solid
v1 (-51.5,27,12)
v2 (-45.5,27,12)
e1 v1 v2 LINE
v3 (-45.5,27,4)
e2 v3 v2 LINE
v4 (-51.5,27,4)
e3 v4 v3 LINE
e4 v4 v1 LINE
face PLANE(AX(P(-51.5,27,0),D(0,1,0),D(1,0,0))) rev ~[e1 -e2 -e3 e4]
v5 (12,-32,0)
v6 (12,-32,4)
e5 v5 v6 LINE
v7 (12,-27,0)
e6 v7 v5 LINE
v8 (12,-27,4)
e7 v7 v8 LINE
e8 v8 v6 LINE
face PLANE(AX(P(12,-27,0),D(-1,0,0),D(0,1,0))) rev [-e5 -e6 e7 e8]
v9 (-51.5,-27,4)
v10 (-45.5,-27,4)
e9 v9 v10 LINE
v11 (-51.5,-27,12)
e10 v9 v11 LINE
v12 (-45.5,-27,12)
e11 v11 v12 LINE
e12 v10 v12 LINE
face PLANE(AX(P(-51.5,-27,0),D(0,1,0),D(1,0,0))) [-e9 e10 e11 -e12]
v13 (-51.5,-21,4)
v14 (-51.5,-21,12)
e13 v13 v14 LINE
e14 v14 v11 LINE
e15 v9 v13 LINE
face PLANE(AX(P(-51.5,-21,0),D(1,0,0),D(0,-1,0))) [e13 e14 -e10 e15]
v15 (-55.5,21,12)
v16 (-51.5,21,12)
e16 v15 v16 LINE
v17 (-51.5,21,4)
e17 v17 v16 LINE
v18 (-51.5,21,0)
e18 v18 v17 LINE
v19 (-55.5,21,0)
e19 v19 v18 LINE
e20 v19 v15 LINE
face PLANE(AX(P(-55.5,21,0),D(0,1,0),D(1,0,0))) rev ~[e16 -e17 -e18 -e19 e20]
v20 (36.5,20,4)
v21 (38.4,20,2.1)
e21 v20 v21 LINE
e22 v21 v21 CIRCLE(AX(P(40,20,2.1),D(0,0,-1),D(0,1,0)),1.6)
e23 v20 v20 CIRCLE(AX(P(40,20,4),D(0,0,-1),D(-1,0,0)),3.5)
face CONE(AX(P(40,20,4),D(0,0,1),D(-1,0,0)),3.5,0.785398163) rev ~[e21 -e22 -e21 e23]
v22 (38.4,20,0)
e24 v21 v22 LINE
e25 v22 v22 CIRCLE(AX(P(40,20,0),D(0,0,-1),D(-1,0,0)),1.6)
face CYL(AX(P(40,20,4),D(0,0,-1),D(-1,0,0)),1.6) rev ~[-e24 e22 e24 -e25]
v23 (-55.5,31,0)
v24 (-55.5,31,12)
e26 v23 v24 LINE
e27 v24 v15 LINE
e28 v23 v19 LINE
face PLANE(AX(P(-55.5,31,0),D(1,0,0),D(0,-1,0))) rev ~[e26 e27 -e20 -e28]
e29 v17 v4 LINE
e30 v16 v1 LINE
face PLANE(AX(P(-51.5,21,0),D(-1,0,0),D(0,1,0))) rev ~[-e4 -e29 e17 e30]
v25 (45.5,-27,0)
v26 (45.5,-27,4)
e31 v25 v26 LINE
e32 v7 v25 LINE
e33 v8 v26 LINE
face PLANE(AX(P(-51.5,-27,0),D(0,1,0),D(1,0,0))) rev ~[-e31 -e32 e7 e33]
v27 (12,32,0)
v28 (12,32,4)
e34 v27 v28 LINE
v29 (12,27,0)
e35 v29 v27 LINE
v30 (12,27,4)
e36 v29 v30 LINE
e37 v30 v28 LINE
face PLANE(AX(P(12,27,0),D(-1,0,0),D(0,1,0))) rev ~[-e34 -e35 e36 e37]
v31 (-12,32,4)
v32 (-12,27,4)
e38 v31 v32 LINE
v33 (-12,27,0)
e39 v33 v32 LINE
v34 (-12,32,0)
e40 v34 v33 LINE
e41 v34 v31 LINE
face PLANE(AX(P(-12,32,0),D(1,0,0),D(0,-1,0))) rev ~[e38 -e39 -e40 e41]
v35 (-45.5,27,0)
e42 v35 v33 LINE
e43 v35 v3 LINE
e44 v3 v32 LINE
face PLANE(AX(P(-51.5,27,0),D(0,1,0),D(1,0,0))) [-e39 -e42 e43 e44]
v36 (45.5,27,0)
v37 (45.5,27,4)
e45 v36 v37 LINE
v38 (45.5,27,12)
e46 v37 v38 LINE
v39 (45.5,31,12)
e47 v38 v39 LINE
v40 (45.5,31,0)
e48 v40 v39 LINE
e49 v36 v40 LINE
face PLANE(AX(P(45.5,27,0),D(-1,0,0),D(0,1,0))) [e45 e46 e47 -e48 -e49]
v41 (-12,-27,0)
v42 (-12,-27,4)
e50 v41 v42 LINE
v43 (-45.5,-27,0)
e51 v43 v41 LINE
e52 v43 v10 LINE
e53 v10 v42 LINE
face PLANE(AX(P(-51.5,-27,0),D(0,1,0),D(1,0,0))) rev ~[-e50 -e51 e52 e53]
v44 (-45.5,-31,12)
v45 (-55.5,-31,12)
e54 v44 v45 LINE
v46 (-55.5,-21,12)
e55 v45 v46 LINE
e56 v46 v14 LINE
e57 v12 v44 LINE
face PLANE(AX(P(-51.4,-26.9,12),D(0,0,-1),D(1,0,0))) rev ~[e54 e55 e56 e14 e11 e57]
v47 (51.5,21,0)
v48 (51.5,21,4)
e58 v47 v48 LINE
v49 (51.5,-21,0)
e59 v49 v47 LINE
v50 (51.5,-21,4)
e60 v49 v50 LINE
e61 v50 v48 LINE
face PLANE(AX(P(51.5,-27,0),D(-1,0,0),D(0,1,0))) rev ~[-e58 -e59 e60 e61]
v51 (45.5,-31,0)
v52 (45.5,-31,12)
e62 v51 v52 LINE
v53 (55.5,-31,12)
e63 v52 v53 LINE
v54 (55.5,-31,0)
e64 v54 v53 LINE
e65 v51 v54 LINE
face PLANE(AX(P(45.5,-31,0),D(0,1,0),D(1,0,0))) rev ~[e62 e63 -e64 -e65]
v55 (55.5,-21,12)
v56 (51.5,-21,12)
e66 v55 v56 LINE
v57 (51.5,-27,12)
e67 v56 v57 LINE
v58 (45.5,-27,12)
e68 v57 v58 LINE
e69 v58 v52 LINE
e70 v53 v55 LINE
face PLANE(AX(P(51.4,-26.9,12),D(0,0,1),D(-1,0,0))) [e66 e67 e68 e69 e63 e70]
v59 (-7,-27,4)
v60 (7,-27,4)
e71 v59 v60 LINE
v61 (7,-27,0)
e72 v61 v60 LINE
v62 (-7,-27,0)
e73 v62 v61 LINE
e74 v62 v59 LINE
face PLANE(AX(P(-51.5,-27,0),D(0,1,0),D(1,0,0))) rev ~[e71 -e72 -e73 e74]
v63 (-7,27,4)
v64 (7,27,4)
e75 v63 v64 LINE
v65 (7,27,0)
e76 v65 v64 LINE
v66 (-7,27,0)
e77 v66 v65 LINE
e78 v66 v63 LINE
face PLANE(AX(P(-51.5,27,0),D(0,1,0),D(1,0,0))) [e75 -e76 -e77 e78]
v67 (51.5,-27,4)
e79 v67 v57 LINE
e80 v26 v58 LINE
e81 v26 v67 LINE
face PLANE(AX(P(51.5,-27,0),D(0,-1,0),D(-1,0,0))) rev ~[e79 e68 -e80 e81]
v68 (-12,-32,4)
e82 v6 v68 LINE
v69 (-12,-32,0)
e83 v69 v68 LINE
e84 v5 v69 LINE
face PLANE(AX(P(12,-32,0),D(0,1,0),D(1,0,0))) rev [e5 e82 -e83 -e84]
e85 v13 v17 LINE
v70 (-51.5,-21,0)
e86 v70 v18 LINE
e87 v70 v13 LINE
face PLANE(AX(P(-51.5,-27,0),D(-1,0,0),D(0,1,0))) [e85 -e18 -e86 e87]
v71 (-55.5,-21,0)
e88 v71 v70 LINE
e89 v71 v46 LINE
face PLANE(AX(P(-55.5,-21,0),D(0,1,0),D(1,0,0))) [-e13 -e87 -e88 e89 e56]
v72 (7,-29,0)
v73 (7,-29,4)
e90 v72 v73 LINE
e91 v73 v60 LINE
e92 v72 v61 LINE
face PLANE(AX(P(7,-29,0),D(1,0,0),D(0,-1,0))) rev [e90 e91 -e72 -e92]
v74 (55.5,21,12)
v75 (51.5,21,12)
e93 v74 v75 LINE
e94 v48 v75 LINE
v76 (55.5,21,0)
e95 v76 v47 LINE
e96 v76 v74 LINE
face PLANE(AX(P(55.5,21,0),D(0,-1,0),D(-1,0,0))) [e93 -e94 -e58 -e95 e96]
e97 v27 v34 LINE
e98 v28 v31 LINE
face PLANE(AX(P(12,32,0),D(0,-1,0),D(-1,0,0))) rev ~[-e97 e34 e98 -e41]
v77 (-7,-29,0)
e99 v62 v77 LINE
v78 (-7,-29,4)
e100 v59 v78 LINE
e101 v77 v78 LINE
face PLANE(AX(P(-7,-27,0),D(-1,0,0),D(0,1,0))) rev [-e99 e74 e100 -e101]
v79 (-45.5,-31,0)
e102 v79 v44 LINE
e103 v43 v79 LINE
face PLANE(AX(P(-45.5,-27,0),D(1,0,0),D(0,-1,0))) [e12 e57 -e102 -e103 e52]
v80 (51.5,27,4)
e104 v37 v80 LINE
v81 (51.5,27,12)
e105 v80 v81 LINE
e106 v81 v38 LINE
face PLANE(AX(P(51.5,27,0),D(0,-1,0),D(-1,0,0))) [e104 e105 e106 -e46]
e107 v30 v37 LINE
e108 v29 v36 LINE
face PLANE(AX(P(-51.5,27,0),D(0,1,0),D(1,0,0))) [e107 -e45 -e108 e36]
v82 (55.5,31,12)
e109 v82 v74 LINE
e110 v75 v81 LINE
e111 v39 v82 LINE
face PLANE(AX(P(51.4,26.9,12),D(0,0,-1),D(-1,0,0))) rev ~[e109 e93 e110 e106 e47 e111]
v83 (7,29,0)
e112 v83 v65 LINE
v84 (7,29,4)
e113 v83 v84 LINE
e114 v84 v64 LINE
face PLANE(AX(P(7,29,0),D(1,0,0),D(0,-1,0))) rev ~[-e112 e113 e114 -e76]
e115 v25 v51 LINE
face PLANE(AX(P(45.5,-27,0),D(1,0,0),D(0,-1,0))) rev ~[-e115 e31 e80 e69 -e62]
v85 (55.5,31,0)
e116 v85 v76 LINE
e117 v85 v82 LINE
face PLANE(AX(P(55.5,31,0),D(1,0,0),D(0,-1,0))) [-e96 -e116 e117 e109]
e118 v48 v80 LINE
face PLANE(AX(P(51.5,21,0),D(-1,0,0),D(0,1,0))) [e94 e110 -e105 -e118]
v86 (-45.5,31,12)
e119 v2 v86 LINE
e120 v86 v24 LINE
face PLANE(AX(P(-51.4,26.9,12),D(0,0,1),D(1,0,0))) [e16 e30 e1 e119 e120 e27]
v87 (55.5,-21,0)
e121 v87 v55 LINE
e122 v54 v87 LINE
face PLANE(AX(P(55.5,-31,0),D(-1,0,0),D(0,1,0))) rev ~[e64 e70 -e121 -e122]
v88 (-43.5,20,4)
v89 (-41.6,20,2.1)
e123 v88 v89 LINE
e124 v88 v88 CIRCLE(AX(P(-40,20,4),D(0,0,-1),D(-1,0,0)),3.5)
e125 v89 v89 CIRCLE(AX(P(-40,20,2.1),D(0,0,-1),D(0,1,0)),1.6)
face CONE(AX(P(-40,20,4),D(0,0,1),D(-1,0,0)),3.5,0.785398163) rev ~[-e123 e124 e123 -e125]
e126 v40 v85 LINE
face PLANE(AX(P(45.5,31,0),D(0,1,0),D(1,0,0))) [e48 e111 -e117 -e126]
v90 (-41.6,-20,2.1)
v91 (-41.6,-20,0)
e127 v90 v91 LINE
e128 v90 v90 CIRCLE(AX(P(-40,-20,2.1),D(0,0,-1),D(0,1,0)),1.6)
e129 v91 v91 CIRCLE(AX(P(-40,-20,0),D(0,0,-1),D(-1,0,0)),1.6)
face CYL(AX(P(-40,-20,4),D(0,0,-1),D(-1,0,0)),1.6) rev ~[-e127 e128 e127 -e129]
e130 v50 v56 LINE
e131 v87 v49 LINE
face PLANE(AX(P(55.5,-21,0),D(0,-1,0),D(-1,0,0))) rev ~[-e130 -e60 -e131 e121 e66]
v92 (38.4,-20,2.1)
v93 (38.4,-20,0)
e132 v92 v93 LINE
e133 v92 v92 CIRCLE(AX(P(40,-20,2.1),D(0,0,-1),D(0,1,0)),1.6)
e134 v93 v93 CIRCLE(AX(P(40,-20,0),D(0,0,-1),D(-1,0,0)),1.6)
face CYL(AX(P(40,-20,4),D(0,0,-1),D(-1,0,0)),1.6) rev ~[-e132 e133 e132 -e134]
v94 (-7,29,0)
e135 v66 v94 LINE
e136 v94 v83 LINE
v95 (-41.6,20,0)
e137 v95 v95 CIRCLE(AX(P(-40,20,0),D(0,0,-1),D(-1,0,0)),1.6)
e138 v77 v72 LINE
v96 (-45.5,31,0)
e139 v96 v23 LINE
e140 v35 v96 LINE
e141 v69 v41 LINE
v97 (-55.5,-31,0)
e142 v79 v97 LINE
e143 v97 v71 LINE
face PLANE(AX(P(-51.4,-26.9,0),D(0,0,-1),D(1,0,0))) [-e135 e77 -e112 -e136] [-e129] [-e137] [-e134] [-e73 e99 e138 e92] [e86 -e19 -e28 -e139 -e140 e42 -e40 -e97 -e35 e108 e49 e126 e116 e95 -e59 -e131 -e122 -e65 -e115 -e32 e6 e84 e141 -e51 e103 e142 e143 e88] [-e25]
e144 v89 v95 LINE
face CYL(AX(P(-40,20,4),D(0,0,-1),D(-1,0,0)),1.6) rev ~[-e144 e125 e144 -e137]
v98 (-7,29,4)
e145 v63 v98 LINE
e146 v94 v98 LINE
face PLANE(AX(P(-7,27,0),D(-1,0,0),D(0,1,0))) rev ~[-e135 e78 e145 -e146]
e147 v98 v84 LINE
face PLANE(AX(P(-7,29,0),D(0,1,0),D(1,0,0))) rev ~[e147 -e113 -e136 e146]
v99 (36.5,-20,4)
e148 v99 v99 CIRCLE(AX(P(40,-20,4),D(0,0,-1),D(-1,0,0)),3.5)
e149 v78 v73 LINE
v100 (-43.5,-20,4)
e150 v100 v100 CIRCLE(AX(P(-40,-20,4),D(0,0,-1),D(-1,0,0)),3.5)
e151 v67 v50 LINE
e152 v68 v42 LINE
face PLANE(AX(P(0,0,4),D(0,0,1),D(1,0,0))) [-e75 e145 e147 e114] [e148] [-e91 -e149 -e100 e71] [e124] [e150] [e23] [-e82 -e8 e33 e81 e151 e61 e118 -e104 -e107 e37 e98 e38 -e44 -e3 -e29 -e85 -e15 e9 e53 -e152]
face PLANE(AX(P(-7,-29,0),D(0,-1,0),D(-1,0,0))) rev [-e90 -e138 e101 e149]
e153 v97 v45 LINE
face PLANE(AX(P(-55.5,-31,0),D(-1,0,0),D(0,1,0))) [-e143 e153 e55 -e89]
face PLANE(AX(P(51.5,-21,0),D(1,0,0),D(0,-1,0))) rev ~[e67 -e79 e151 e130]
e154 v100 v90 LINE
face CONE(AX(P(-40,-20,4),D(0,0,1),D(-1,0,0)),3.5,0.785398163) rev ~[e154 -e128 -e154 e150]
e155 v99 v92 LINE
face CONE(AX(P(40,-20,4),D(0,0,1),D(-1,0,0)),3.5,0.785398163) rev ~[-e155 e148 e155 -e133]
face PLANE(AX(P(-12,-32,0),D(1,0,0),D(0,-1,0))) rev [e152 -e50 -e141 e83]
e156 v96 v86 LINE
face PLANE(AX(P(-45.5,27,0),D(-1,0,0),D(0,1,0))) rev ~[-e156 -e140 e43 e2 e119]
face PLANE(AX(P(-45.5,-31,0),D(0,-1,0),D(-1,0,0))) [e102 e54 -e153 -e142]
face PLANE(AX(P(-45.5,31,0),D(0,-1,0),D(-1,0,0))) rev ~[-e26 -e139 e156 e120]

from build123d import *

# Parameters (mm, degrees)
SKETCH_W                = 103
SKETCH_H                = 54
PAD_DEPTH               = 4
PAD001_DEPTH            = 12
PAD001_MIRRORED_2_DEPTH = 12
POLARPATTERN_COUNT      = 2
HOLE_D                  = 3.2
HOLE_CSINK_D            = 7
HOLE_CSINK_ANGLE        = 90
PAD002_DEPTH            = 4


with BuildPart() as part:
    # Sketch → Pad (new body)
    with BuildSketch(Plane.XY):
        Rectangle(SKETCH_W, SKETCH_H)
    extrude(amount=PAD_DEPTH)

    # Sketch001 → Pad001 (join)
    with BuildSketch(Plane.XY):
        Polygon((-51.5, 21), (-51.5, 27), (-45.5, 27), (-45.5, 31), (-55.5, 31), (-55.5, 21), align=None)
    pad001 = extrude(amount=PAD001_DEPTH)

    # Sketch001 Mirrored 2 → Pad001 Mirrored 2 (add)
    with BuildSketch(Plane(origin=(0, 0, 0), x_dir=(-1, 0, 0), z_dir=(0, 0, -1))):
        Polygon((-51.5, 21), (-51.5, 27), (-45.5, 27), (-45.5, 31), (-55.5, 31), (-55.5, 21), align=None)
    pad001_mirrored_2 = extrude(amount=-PAD001_MIRRORED_2_DEPTH)

    # PolarPattern: Pad001, Pad001 Mirrored 2 ×2 about axis
    polarpattern_axis = Axis((0, 0, 0), (0, 0, 1))
    for i in range(1, POLARPATTERN_COUNT):
        add(pad001.rotate(polarpattern_axis, i * 360 / POLARPATTERN_COUNT))
        add(pad001_mirrored_2.rotate(polarpattern_axis, i * 360 / POLARPATTERN_COUNT))

    # Hole (through all)
    with Locations(Plane.XY.offset(4)):
        with Locations((-40, 20), (40, 20), (40, -20), (-40, -20)):
            CounterSinkHole(HOLE_D / 2, HOLE_CSINK_D / 2, counter_sink_angle=HOLE_CSINK_ANGLE)

    # Sketch004 → Pad002 (join)
    with BuildSketch(Plane.XY):
        Polygon((-7, 27), (-7, 29), (7, 29), (7, 27), (12, 27), (12, 32), (-12, 32), (-12, 27), align=None)
    pad002 = extrude(amount=PAD002_DEPTH)

    # Mirrored001: Pad002 across XZ
    add(pad002.mirror(Plane.XZ))


solid = part.part
